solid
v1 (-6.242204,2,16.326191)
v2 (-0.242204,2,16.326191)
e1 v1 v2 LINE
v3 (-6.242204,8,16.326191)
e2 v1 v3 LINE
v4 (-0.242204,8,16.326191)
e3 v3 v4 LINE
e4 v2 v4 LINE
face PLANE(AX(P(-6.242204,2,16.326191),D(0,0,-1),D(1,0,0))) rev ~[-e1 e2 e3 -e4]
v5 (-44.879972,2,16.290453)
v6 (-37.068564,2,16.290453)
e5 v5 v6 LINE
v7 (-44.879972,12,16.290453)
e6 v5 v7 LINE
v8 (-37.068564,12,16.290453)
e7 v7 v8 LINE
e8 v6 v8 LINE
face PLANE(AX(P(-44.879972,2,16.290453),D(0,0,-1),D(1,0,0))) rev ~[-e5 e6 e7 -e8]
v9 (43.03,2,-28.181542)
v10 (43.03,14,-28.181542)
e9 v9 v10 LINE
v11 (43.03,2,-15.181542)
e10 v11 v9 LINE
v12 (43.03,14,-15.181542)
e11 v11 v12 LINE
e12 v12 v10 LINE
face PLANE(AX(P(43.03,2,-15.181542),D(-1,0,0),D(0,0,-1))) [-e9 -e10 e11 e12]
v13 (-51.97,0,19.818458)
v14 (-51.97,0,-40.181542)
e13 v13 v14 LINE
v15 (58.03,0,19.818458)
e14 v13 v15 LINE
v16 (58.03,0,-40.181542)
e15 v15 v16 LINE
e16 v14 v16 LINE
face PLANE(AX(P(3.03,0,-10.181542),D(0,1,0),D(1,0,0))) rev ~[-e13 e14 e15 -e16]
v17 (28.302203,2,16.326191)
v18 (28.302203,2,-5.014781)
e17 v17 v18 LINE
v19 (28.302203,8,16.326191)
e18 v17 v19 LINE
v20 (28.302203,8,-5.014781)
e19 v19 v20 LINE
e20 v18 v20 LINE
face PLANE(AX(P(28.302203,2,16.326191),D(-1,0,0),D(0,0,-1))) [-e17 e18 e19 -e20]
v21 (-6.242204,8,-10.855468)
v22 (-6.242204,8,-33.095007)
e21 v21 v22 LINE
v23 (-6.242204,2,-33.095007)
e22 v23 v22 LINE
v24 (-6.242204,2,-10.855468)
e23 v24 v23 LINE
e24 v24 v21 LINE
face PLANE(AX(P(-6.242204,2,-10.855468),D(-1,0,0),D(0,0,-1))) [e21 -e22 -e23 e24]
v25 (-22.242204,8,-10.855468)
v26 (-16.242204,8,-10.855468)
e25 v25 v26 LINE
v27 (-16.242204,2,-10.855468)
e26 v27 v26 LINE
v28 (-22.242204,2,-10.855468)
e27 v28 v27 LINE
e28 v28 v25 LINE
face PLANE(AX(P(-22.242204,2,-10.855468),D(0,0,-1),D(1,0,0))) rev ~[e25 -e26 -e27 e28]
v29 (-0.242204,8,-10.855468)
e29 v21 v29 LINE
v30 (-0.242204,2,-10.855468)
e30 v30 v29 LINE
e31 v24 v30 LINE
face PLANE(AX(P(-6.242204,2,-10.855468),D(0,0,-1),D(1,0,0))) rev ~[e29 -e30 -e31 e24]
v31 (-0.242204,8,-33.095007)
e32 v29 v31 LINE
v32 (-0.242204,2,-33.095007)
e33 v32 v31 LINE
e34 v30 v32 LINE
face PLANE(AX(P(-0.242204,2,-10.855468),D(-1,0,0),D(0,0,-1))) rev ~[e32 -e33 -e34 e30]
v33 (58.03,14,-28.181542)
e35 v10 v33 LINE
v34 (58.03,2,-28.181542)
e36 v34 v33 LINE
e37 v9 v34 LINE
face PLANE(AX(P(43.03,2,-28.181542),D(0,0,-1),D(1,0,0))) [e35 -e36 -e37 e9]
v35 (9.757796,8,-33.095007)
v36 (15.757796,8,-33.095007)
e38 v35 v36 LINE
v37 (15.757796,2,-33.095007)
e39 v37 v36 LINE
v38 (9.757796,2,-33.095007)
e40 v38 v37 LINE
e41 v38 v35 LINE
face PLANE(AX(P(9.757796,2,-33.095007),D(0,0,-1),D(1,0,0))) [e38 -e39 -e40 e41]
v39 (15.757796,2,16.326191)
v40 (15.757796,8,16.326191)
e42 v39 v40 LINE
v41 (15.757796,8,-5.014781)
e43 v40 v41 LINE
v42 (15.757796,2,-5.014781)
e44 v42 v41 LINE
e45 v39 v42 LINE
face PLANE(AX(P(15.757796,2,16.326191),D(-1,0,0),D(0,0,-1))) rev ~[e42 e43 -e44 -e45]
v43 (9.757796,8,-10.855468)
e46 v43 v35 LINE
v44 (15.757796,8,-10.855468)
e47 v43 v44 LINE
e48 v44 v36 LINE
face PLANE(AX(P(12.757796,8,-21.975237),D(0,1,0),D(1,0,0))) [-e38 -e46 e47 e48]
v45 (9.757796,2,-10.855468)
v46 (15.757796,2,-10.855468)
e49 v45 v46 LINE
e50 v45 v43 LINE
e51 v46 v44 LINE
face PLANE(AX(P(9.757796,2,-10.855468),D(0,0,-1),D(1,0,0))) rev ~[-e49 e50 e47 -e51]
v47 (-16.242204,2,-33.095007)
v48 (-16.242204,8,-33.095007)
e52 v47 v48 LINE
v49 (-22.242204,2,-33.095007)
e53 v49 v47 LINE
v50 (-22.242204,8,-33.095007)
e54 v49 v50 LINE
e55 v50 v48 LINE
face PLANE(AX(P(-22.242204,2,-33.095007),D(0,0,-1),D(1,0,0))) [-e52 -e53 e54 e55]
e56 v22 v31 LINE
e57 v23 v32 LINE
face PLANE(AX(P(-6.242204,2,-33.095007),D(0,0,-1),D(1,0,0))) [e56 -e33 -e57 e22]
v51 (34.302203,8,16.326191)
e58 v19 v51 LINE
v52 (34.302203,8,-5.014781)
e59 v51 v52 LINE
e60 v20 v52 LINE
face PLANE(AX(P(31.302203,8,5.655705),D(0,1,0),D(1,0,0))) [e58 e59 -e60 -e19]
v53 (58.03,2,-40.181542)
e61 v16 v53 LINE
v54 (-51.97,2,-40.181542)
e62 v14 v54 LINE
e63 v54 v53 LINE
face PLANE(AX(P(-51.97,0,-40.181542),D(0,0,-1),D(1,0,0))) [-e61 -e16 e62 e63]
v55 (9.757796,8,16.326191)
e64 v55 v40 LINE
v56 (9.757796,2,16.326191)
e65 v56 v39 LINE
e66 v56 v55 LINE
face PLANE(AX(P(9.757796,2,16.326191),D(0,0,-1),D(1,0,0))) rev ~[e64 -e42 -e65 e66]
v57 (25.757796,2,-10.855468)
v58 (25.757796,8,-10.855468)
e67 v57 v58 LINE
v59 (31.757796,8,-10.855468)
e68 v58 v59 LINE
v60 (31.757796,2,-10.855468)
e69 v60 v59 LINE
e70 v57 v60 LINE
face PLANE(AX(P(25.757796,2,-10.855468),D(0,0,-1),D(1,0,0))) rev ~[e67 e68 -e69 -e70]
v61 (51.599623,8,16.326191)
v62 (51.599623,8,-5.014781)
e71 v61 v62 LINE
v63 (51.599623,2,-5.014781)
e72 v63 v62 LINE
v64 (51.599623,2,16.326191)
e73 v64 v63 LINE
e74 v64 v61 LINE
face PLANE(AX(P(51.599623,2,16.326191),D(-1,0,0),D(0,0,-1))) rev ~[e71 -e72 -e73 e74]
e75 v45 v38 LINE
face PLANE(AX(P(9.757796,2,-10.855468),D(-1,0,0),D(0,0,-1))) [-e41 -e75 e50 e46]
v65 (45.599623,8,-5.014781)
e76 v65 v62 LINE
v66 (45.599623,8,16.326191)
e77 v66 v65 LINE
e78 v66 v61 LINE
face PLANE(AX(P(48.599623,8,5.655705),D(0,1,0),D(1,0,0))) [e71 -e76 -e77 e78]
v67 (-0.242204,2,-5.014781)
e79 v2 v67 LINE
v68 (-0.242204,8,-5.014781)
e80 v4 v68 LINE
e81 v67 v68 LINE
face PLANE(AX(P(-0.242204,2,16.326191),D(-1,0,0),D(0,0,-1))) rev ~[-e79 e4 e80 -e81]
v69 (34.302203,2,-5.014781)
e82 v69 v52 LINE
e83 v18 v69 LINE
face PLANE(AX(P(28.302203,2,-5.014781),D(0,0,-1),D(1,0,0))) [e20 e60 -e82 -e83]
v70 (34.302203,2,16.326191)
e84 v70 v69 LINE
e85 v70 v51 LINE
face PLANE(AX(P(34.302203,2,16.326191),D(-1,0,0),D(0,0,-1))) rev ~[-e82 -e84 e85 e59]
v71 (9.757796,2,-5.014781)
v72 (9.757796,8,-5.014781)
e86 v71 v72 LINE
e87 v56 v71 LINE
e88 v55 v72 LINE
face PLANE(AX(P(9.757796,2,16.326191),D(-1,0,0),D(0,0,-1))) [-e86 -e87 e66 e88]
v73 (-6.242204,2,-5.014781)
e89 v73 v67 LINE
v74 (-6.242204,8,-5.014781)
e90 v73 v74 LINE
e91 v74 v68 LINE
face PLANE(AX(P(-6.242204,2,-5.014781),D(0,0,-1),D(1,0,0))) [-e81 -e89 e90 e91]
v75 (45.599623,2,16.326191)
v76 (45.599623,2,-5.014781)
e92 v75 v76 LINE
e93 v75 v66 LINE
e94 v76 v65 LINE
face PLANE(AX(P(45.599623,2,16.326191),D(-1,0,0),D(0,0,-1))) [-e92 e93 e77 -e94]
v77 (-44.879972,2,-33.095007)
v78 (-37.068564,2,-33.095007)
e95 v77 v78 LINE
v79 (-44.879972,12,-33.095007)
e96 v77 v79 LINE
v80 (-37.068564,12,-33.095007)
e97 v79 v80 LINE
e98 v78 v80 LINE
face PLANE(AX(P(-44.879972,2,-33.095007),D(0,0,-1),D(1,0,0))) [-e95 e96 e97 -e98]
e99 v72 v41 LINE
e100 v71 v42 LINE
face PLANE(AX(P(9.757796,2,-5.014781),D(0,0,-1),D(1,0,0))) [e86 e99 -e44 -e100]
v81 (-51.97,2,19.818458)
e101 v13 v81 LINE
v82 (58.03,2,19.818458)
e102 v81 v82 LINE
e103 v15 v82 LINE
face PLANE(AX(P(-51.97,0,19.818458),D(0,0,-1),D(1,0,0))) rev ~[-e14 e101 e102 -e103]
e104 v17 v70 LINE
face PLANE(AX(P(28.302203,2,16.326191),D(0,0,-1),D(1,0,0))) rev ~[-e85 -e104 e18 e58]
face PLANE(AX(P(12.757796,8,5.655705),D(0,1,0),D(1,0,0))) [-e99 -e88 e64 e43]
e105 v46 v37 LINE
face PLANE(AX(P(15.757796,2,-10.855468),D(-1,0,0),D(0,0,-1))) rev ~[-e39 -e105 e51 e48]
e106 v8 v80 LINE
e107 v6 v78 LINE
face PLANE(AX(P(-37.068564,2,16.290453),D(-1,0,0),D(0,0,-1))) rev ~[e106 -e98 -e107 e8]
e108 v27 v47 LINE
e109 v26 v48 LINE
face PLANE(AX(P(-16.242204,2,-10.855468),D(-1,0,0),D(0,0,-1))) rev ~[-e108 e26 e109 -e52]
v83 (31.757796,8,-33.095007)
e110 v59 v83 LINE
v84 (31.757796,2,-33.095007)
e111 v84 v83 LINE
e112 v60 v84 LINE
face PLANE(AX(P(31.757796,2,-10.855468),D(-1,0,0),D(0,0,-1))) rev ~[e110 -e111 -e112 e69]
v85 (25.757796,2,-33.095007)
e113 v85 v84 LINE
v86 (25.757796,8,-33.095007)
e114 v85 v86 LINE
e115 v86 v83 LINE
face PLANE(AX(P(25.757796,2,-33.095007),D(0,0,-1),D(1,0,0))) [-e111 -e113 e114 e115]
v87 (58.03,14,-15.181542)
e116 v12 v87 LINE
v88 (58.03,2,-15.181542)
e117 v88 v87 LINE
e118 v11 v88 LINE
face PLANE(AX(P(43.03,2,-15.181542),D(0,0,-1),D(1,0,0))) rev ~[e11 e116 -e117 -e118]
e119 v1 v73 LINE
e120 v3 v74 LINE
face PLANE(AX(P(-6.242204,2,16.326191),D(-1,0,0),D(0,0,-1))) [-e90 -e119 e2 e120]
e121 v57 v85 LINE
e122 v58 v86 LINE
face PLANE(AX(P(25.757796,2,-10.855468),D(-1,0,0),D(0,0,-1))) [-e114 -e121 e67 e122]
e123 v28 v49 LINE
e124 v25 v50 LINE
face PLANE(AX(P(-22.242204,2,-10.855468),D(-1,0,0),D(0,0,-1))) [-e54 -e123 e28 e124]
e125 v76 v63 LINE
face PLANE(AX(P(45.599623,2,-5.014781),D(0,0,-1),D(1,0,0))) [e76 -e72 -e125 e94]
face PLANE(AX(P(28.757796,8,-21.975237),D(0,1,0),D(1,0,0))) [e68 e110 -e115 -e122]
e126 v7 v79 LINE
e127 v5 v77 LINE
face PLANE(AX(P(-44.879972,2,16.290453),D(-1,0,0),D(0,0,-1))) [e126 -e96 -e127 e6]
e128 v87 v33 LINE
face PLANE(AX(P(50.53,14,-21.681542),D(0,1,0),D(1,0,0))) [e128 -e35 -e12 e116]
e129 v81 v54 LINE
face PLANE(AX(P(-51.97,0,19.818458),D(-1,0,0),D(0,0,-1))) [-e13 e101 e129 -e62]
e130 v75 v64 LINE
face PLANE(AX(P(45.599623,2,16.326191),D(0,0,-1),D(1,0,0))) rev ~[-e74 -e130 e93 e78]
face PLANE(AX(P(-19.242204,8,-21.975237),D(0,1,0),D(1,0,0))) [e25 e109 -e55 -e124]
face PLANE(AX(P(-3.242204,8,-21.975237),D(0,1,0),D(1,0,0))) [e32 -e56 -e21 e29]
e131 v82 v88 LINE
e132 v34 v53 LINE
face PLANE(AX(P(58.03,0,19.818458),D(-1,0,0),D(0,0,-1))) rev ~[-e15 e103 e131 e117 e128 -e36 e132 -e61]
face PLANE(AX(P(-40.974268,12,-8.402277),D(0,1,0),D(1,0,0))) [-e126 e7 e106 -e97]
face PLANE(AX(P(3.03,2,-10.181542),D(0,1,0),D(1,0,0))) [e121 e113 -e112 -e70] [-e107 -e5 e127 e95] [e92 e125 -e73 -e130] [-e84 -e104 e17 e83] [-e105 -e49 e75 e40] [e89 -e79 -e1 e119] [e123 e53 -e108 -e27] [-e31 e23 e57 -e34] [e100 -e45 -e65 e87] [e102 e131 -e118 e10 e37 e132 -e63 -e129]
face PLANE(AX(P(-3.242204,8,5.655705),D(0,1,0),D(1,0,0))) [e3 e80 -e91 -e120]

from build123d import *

# Parameters (mm, degrees)
SKETCH1_W           = 110
SKETCH1_H           = 60
BOSS_EXTRUDE1_DEPTH = 2
SKETCH2_W           = 15
SKETCH2_H           = 13
BOSS_EXTRUDE2_DEPTH = 12
SKETCH3_W           = 6
SKETCH3_H           = 22.239539295
SKETCH3_H_2         = 21.340972051
BOSS_EXTRUDE3_DEPTH = 6
SKETCH4_W           = 7.81140843
SKETCH4_H           = 49.385459964
BOSS_EXTRUDE4_DEPTH = 10


with BuildPart() as part:
    # Sketch1 → Boss-Extrude1 (new body)
    with BuildSketch(Plane(origin=(0, 0, 0), x_dir=(1, 0, 0), z_dir=(0, 1, 0))):
        with Locations((3.029999611, 10.181542367)):
            Rectangle(SKETCH1_W, SKETCH1_H)
    extrude(amount=BOSS_EXTRUDE1_DEPTH)

    # Sketch2 → Boss-Extrude2 (add)
    with BuildSketch(Plane(origin=(0, 2, 0), x_dir=(1, 0, 0), z_dir=(0, 1, 0))):
        with Locations((50.529999611, 21.681542367)):
            Rectangle(SKETCH2_W, SKETCH2_H)
    extrude(amount=BOSS_EXTRUDE2_DEPTH)

    # Sketch3 → Boss-Extrude3 (add)
    with BuildSketch(Plane(origin=(0, 2, 0), x_dir=(1, 0, 0), z_dir=(0, 1, 0))):
        with Locations((28.757795867, 21.975237447)):
            Rectangle(SKETCH3_W, SKETCH3_H)
        with Locations((12.757795867, 21.975237447)):
            Rectangle(SKETCH3_W, SKETCH3_H)
        with Locations((-3.242204133, 21.975237447)):
            Rectangle(SKETCH3_W, SKETCH3_H)
        with Locations((-19.242204133, 21.975237447)):
            Rectangle(SKETCH3_W, SKETCH3_H)
        with Locations((48.599622808, -5.655705314)):
            Rectangle(SKETCH3_W, SKETCH3_H_2)
        with Locations((31.302203356, -5.655705314)):
            Rectangle(SKETCH3_W, SKETCH3_H_2)
        with Locations((12.757795867, -5.655705314)):
            Rectangle(SKETCH3_W, SKETCH3_H_2)
        with Locations((-3.242204133, -5.655705314)):
            Rectangle(SKETCH3_W, SKETCH3_H_2)
    extrude(amount=BOSS_EXTRUDE3_DEPTH)

    # Sketch4 → Boss-Extrude4 (add)
    with BuildSketch(Plane(origin=(0, 2, 0), x_dir=(1, 0, 0), z_dir=(0, 1, 0))):
        with Locations((-40.974267879, 8.402277113)):
            Rectangle(SKETCH4_W, SKETCH4_H)
    extrude(amount=BOSS_EXTRUDE4_DEPTH)


solid = part.part
